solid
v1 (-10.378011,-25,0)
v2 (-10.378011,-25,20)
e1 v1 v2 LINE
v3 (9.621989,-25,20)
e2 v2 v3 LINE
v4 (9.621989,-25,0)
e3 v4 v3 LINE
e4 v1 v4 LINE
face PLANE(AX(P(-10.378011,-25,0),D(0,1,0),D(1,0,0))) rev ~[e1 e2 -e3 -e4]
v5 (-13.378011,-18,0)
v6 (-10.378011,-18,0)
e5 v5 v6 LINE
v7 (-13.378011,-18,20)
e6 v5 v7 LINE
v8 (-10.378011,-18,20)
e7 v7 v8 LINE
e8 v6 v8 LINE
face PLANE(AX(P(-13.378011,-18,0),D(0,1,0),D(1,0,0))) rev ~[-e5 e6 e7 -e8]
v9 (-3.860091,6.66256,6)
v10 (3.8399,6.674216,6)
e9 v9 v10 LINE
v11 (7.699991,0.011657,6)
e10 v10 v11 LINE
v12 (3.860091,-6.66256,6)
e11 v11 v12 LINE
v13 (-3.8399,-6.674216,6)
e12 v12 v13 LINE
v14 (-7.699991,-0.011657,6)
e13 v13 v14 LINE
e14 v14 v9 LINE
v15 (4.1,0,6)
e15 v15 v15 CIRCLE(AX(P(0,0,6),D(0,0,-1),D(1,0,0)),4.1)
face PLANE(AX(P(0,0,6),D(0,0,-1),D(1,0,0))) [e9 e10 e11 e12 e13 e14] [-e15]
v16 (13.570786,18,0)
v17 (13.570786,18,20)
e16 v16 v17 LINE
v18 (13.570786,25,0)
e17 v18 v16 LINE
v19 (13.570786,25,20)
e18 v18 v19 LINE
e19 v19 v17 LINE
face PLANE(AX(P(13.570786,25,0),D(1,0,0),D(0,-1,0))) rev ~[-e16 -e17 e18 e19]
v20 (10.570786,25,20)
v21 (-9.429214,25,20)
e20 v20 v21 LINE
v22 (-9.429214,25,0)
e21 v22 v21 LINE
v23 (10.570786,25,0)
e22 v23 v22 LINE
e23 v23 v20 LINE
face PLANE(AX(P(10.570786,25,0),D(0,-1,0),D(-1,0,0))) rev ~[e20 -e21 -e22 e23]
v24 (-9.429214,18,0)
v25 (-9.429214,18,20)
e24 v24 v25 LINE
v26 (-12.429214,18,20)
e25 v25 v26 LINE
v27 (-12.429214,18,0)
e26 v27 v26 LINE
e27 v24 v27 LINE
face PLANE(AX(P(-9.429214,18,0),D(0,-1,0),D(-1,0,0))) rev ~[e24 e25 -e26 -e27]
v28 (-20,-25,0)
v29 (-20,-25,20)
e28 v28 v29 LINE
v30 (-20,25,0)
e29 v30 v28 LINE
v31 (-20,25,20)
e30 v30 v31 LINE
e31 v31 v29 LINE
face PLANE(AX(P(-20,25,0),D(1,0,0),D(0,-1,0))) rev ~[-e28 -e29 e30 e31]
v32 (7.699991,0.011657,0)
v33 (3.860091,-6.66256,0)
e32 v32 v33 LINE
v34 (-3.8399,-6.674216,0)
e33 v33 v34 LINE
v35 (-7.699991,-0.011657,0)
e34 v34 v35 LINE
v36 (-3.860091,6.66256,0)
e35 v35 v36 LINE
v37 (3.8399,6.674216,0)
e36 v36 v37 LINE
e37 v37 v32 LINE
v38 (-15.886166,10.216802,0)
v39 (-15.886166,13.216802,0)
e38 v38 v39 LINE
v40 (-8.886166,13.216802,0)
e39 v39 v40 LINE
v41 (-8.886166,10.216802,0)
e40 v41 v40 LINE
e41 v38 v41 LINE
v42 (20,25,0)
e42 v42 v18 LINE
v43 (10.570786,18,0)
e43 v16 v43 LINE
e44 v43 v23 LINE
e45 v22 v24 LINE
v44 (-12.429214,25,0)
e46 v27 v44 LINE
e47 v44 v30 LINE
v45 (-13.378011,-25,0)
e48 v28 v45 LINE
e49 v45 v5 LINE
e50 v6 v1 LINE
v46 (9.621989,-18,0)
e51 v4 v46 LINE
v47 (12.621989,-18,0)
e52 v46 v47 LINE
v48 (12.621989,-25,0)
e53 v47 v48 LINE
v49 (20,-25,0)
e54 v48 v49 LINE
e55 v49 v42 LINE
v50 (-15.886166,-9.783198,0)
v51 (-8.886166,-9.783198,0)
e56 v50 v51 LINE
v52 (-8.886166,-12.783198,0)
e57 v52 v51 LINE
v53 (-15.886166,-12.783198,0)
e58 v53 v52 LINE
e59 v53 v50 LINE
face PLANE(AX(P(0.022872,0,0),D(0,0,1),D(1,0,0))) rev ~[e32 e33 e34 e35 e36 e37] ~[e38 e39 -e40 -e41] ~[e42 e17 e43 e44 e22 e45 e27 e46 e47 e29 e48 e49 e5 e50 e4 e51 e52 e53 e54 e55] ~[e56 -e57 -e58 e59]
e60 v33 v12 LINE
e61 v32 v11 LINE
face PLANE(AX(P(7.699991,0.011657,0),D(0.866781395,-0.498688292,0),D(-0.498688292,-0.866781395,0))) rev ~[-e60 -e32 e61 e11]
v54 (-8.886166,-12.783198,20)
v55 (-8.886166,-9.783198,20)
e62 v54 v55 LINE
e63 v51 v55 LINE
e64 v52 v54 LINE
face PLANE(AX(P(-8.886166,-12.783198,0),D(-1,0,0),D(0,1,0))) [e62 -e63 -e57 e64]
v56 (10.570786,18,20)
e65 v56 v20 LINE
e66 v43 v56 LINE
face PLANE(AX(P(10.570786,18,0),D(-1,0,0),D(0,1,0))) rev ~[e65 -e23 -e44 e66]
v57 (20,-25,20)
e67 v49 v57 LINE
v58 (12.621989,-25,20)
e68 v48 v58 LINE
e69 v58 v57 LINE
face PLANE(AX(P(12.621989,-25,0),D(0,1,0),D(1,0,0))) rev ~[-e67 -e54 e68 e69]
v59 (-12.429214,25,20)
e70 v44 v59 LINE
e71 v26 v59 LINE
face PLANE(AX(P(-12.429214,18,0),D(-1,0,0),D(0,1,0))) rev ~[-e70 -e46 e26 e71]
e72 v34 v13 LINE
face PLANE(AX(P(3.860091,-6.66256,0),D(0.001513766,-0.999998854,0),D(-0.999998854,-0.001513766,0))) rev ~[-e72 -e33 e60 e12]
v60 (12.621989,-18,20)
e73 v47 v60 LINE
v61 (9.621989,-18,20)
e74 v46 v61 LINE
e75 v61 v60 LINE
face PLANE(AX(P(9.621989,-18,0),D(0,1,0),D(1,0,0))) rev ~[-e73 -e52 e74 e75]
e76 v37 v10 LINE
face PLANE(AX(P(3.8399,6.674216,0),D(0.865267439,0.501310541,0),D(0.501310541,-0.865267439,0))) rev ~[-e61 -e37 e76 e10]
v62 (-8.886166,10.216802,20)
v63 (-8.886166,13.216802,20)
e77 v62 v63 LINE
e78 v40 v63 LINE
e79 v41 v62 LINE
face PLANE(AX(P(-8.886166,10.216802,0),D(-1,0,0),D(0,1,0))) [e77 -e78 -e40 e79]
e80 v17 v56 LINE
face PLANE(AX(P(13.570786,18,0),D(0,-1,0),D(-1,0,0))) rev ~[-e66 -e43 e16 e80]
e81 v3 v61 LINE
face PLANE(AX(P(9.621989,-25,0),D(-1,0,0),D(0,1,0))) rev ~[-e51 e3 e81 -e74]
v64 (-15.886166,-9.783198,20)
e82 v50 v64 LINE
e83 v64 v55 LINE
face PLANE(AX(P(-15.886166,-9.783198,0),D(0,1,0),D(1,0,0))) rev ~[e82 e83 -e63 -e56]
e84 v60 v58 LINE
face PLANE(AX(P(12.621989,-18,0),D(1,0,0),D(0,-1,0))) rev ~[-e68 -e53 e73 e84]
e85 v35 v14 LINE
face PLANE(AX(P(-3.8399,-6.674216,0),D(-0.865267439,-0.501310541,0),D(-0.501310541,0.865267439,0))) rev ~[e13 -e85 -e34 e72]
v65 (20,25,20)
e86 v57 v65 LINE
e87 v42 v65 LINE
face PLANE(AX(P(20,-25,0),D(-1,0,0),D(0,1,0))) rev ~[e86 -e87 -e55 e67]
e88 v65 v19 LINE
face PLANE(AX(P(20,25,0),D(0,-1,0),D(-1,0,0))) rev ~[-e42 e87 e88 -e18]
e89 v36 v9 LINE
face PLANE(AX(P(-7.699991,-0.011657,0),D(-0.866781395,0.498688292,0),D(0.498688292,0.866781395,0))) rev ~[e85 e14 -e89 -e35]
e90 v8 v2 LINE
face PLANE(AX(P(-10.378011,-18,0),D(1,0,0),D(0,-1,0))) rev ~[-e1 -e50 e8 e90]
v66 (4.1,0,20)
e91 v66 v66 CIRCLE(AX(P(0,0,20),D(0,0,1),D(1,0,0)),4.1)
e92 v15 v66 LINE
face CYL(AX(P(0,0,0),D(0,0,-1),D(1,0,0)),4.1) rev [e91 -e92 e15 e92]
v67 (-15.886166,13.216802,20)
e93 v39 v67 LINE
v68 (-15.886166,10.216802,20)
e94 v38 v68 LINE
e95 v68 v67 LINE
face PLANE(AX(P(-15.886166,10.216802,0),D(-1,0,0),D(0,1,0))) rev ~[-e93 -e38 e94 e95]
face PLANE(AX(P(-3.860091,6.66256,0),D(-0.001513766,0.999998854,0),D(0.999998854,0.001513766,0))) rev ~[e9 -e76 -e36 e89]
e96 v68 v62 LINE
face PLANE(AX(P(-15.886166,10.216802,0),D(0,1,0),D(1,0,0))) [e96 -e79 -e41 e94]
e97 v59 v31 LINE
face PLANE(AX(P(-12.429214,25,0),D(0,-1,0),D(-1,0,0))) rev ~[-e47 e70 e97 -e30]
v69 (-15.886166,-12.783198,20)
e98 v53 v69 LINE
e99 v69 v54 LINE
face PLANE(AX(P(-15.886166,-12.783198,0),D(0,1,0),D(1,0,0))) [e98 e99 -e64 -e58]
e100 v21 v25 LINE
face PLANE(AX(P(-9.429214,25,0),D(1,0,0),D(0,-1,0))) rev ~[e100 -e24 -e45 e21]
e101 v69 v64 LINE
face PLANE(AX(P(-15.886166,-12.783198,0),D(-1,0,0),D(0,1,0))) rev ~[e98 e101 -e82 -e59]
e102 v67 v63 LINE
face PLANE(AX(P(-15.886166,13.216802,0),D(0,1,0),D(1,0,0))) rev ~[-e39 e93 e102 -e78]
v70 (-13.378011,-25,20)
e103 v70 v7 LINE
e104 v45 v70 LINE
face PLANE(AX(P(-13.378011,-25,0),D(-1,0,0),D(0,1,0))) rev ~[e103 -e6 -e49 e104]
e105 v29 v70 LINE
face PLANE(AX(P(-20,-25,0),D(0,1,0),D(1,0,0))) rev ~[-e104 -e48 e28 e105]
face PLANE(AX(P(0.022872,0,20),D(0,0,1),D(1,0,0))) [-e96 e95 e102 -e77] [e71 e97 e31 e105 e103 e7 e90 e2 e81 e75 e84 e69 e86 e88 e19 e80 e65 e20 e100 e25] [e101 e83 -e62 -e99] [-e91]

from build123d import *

# Parameters (mm, degrees)
F0_W     = 7
F0_H     = 3
F0_R     = 4.1
F1_DEPTH = 20
F3_DEPTH = 6


with BuildPart() as f1:
    # F0 (on Top) → F1 (new body)
    with BuildSketch(Plane.XY):
        Polygon((12.621989, -25), (20, -25), (20, 25), (13.570786, 25), (13.570786, 18), (10.570786, 18), (10.570786, 25), (-9.429214, 25), (-9.429214, 18), (-12.429214, 18), (-12.429214, 25), (-20, 25), (-20, -25), (-13.378011, -25), (-13.378011, -18), (-10.378011, -18), (-10.378011, -25), (9.621989, -25), (9.621989, -18), (12.621989, -18), align=None)
        with Locations((-12.386166, -11.283198)):
            Rectangle(F0_W, F0_H, mode=Mode.SUBTRACT)
        with Locations((-12.386166, 11.716802)):
            Rectangle(F0_W, F0_H, mode=Mode.SUBTRACT)
        Circle(F0_R, mode=Mode.SUBTRACT)
    extrude(amount=F1_DEPTH)

    # F2 (on face) → F3 (cut)
    with BuildSketch(Plane(origin=(0, 0, 0), x_dir=(1, 0, 0), z_dir=(0, 0, -1))):
        Polygon((3.8399, -6.674216), (7.699991, -0.011657), (3.860091, 6.66256), (-3.8399, 6.674216), (-7.699991, 0.011657), (-3.860091, -6.66256), align=None)
    extrude(amount=-F3_DEPTH, mode=Mode.SUBTRACT)


solid = f1.part
